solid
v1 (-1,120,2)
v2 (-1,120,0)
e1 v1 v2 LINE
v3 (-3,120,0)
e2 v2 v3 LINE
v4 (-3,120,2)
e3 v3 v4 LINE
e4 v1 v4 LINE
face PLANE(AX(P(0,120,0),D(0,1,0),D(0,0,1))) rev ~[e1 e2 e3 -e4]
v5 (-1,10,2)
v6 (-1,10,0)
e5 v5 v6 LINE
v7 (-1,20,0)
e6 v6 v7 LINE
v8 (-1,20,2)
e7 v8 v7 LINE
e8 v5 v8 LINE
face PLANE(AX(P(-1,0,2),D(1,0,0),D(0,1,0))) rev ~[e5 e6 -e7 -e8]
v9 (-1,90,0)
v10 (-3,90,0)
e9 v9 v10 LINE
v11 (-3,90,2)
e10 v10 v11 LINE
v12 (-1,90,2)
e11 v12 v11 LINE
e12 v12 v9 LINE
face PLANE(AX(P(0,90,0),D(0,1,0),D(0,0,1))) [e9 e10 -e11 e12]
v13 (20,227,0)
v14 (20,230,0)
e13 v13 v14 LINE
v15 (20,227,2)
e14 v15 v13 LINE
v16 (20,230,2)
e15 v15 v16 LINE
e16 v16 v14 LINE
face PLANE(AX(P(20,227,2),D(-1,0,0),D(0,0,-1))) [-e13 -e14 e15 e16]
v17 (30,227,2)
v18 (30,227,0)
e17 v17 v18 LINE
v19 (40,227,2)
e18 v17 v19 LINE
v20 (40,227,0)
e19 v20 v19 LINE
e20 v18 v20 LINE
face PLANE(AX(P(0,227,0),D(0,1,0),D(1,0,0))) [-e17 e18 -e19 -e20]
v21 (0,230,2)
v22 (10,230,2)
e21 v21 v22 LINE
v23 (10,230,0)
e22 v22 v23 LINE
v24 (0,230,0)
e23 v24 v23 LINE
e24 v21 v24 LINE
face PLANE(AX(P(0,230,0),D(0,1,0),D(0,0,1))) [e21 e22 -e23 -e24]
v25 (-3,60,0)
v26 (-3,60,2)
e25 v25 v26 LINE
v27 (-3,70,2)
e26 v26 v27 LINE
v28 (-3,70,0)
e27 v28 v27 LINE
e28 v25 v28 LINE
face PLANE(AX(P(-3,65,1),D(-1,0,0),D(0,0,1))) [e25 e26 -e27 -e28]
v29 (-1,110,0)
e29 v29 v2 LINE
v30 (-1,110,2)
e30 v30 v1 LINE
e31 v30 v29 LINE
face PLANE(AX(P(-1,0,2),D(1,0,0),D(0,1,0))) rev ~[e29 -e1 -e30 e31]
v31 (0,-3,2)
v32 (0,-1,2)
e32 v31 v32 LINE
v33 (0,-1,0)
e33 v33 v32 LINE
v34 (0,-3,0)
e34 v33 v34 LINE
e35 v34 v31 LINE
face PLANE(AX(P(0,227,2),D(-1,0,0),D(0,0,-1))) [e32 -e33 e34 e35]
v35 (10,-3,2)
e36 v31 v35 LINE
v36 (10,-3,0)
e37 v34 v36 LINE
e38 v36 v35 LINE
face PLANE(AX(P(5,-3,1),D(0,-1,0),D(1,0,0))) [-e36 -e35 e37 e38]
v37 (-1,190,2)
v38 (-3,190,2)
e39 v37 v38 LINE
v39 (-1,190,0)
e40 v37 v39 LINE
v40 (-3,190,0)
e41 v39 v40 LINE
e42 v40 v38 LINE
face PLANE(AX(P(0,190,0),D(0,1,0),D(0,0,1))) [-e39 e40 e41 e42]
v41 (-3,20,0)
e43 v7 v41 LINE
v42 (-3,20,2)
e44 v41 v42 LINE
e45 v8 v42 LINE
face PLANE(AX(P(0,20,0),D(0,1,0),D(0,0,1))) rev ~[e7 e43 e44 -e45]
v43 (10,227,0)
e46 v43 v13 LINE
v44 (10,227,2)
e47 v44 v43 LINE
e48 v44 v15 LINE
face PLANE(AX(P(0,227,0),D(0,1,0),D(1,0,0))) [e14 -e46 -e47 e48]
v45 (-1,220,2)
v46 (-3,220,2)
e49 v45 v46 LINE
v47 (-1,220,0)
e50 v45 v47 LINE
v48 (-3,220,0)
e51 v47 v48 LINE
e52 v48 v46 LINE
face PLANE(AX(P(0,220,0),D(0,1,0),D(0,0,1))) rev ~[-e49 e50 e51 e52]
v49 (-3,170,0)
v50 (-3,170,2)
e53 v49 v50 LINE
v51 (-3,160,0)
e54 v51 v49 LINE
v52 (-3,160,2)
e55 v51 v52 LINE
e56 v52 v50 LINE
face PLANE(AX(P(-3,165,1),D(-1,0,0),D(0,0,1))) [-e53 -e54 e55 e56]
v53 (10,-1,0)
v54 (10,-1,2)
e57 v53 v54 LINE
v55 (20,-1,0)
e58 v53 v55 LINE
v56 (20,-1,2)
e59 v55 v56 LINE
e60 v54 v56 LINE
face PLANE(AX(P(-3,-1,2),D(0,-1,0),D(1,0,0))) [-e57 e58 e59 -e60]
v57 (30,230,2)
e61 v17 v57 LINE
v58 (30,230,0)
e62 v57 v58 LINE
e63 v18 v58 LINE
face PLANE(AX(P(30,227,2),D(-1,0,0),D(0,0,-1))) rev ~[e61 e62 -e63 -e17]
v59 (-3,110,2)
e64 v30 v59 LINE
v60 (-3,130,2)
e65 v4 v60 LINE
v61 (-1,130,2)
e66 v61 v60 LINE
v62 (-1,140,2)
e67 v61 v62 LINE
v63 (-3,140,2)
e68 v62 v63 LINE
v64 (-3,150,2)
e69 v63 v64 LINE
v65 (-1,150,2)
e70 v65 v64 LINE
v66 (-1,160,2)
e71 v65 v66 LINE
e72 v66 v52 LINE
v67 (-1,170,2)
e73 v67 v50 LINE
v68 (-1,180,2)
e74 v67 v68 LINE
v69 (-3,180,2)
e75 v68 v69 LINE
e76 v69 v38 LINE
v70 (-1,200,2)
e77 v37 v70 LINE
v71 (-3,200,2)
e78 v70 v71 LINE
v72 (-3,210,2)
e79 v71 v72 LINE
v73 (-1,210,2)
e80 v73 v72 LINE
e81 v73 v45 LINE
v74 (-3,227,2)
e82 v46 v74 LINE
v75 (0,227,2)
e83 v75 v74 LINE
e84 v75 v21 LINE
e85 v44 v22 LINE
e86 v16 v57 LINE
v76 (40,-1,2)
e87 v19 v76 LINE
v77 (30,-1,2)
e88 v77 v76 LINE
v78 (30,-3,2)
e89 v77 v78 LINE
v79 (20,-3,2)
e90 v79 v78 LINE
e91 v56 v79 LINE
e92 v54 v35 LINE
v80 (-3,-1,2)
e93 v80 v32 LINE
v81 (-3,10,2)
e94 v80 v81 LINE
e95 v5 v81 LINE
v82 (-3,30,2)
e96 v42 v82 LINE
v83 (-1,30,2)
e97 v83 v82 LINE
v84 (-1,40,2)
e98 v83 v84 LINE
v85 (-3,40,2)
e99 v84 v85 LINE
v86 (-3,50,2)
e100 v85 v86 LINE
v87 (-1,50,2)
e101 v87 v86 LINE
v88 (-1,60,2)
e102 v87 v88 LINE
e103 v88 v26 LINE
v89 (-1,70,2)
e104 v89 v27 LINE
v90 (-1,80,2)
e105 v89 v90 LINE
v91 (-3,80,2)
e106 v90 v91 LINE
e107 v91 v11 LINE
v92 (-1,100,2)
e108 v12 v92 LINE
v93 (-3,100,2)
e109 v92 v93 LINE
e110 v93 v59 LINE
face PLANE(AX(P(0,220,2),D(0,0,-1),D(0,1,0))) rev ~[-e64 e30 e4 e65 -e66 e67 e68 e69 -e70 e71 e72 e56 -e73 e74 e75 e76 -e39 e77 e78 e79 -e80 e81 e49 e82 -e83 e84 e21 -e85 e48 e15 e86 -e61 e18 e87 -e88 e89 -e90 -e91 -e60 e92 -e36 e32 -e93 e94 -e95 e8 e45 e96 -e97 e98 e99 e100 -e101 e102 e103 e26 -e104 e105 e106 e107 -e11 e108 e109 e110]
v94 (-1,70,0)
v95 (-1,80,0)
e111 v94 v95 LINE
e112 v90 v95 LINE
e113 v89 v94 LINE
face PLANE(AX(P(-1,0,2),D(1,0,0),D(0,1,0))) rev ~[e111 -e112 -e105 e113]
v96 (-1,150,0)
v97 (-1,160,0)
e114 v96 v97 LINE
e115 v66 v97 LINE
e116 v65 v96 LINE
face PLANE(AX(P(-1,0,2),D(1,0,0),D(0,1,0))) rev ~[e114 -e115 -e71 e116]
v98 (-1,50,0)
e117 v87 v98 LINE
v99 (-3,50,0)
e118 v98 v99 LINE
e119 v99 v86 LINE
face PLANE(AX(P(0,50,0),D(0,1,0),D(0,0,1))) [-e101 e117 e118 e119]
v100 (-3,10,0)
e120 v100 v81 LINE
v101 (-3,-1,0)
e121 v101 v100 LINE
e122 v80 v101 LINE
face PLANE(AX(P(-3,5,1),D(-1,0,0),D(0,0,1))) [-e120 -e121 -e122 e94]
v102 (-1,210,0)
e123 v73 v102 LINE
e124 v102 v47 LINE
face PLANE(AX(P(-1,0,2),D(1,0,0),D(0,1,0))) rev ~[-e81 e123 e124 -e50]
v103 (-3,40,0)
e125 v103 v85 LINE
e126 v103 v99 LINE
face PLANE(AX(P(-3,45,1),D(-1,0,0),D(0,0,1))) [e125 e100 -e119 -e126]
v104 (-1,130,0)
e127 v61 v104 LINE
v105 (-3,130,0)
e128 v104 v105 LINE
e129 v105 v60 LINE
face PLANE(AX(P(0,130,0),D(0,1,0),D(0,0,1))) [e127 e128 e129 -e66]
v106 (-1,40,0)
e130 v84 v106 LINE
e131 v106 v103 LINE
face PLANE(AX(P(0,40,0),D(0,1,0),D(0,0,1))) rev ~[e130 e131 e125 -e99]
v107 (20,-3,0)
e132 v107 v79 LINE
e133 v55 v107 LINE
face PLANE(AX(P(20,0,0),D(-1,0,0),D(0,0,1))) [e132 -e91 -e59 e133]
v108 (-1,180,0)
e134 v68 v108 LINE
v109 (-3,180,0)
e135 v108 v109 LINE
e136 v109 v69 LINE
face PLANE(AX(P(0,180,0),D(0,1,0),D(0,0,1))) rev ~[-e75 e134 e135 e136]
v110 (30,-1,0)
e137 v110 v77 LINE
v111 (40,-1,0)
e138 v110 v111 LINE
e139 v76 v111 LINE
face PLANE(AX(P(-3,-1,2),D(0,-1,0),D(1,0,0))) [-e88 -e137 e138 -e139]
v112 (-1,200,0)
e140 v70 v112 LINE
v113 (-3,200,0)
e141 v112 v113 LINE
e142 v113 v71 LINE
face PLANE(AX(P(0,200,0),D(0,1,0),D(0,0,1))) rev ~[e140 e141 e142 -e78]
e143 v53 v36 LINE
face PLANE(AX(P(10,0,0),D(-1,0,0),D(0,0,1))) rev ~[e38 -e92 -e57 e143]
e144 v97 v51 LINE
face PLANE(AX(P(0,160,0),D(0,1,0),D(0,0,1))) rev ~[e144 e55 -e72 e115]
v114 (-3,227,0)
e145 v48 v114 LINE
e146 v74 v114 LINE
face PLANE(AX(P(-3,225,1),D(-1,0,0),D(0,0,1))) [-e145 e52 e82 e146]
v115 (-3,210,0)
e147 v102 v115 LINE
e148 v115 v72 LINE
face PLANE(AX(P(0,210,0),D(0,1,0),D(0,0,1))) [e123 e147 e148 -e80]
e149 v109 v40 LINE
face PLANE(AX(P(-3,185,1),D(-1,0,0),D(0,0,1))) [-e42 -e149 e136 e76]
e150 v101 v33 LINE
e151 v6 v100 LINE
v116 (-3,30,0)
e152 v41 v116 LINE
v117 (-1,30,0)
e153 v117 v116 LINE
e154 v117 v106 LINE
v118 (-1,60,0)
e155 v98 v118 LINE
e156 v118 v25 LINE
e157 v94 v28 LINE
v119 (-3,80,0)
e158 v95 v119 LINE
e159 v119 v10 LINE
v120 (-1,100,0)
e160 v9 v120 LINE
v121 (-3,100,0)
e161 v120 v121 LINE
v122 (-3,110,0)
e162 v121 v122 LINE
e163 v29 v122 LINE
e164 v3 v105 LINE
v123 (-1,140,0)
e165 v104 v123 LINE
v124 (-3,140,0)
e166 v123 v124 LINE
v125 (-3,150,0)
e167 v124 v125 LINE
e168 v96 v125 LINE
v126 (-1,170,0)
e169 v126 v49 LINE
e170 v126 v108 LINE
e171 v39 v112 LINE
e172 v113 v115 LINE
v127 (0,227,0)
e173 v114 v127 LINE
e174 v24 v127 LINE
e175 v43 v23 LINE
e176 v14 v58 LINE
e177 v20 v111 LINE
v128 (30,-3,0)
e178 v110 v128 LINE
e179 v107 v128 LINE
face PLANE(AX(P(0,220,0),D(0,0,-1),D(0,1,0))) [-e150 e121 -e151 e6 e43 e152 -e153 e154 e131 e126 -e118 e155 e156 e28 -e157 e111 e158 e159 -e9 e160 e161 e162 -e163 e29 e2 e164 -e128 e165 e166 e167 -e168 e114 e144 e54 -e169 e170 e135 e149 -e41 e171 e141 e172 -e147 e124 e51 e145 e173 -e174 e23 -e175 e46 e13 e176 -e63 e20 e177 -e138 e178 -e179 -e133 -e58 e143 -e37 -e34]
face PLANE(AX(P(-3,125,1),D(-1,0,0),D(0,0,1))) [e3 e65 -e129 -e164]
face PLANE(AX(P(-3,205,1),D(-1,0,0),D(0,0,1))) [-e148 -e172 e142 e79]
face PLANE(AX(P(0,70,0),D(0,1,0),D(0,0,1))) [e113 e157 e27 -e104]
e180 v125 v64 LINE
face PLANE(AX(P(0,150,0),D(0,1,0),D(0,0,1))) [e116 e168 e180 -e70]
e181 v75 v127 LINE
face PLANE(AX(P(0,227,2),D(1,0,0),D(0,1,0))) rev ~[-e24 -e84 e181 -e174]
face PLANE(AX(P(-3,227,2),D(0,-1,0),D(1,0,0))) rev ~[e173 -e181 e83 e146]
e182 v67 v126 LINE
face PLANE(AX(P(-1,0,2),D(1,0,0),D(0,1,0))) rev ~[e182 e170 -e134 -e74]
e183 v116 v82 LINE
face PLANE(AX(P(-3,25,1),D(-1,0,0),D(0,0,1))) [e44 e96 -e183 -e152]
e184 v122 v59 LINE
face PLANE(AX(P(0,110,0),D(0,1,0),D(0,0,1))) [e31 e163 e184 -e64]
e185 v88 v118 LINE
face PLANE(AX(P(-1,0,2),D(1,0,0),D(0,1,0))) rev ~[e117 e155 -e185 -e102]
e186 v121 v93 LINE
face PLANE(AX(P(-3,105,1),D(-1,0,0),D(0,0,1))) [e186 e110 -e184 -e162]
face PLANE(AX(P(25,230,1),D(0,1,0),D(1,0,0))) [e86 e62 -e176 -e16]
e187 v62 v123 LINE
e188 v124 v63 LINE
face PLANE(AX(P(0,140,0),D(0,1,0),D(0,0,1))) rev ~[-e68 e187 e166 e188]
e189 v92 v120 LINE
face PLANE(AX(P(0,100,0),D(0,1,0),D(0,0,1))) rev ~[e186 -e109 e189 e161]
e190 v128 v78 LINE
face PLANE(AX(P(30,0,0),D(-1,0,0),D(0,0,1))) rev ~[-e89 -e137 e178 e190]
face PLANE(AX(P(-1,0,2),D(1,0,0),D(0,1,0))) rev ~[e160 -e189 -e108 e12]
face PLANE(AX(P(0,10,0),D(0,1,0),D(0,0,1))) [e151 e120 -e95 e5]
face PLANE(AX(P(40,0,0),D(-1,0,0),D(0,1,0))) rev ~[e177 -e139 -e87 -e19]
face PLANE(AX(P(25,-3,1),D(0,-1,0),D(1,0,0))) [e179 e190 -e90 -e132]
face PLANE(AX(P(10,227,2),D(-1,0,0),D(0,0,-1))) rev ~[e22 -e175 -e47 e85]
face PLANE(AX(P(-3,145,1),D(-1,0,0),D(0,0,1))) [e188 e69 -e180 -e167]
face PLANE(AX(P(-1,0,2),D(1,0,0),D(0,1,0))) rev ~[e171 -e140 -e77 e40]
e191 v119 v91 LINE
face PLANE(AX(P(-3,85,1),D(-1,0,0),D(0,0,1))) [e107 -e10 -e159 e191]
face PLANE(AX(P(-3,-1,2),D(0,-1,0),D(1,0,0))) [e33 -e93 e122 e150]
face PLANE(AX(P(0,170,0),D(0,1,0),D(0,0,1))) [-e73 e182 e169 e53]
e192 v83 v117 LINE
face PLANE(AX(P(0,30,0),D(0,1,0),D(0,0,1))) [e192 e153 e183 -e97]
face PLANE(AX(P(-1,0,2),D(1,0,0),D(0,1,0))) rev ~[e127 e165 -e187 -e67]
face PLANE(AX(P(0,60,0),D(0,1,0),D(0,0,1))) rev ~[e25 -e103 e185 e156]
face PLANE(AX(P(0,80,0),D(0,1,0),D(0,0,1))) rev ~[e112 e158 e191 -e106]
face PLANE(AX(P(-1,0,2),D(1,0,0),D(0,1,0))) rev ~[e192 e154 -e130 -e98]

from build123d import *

# Parameters (mm, degrees)
SKETCH1_W               = 40
SKETCH1_H               = 227
BOSS_EXTRUDE1_DEPTH     = 2
SKETCH2_W               = 10
SKETCH2_H               = 2
BOSS_EXTRUDE2_DEPTH     = 3
LPATTERN1_COUNT         = 2
LPATTERN1_PITCH         = 20
SKETCH3_W               = 10
SKETCH3_H               = 2
BOSS_EXTRUDE3_DEPTH     = 3
LPATTERN2_COUNT         = 2
LPATTERN2_PITCH         = 20
SKETCH4_W               = 2
SKETCH4_H               = 10
BOSS_EXTRUDE4_DEPTH     = 3
LPATTERN3_COUNT         = 12
LPATTERN3_PITCH         = 20
ESQUISSE1_W             = 3
ESQUISSE1_H             = 3
ENL_V_MAT_EXTRU_1_DEPTH = 3
ESQUISSE2_W             = 1
ESQUISSE2_H             = 227
ESQUISSE2_W_2           = 43
ESQUISSE2_H_2           = 1
BOSS_EXTRU_1_DEPTH      = 2


with BuildPart() as part:
    # Sketch1 → Boss-Extrude1 (new body)
    with BuildSketch(Plane.XY):
        with Locations((20, 113.5)):
            Rectangle(SKETCH1_W, SKETCH1_H)
    extrude(amount=BOSS_EXTRUDE1_DEPTH)

    # Sketch2 → Boss-Extrude2 (add)
    with BuildSketch(Plane.XZ):
        with Locations((25, 1)):
            Rectangle(SKETCH2_W, SKETCH2_H)
    boss_extrude2 = extrude(amount=BOSS_EXTRUDE2_DEPTH)

    # LPattern1: Boss-Extrude2 ×2
    with Locations(*[(-i * LPATTERN1_PITCH, 0, 0) for i in range(1, LPATTERN1_COUNT)]):
        add(boss_extrude2)

    # Sketch3 → Boss-Extrude3 (add)
    with BuildSketch(Plane(origin=(0, 227, 0), x_dir=(1, 0, 0), z_dir=(0, 1, 0))):
        with Locations((25, -1)):
            Rectangle(SKETCH3_W, SKETCH3_H)
    boss_extrude3 = extrude(amount=BOSS_EXTRUDE3_DEPTH)

    # LPattern2: Boss-Extrude3 ×2
    with Locations(*[(-i * LPATTERN2_PITCH, 0, 0) for i in range(1, LPATTERN2_COUNT)]):
        add(boss_extrude3)

    # Sketch4 → Boss-Extrude4 (add)
    with BuildSketch(Plane.ZY):
        with Locations((1, 5)):
            Rectangle(SKETCH4_W, SKETCH4_H)
    boss_extrude4 = extrude(amount=BOSS_EXTRUDE4_DEPTH)

    # LPattern3: Boss-Extrude4 ×12
    with Locations(*[(0, i * LPATTERN3_PITCH, 0) for i in range(1, LPATTERN3_COUNT)]):
        add(boss_extrude4)

    # Esquisse1 → Enlèv. mat.-Extru.1 (cut, through all)
    with BuildSketch(Plane.XY.offset(2)):
        with Locations((-1.5, 228.5)):
            Rectangle(ESQUISSE1_W, ESQUISSE1_H)
    extrude(amount=-ENL_V_MAT_EXTRU_1_DEPTH, mode=Mode.SUBTRACT)

    # Esquisse2 → Boss.-Extru.1 (add)
    with BuildSketch(Plane.XY.offset(2)):
        with Locations((-0.5, 113.5)):
            Rectangle(ESQUISSE2_W, ESQUISSE2_H)
        with Locations((18.5, -0.5)):
            Rectangle(ESQUISSE2_W_2, ESQUISSE2_H_2)
    extrude(amount=-BOSS_EXTRU_1_DEPTH)


solid = part.part
